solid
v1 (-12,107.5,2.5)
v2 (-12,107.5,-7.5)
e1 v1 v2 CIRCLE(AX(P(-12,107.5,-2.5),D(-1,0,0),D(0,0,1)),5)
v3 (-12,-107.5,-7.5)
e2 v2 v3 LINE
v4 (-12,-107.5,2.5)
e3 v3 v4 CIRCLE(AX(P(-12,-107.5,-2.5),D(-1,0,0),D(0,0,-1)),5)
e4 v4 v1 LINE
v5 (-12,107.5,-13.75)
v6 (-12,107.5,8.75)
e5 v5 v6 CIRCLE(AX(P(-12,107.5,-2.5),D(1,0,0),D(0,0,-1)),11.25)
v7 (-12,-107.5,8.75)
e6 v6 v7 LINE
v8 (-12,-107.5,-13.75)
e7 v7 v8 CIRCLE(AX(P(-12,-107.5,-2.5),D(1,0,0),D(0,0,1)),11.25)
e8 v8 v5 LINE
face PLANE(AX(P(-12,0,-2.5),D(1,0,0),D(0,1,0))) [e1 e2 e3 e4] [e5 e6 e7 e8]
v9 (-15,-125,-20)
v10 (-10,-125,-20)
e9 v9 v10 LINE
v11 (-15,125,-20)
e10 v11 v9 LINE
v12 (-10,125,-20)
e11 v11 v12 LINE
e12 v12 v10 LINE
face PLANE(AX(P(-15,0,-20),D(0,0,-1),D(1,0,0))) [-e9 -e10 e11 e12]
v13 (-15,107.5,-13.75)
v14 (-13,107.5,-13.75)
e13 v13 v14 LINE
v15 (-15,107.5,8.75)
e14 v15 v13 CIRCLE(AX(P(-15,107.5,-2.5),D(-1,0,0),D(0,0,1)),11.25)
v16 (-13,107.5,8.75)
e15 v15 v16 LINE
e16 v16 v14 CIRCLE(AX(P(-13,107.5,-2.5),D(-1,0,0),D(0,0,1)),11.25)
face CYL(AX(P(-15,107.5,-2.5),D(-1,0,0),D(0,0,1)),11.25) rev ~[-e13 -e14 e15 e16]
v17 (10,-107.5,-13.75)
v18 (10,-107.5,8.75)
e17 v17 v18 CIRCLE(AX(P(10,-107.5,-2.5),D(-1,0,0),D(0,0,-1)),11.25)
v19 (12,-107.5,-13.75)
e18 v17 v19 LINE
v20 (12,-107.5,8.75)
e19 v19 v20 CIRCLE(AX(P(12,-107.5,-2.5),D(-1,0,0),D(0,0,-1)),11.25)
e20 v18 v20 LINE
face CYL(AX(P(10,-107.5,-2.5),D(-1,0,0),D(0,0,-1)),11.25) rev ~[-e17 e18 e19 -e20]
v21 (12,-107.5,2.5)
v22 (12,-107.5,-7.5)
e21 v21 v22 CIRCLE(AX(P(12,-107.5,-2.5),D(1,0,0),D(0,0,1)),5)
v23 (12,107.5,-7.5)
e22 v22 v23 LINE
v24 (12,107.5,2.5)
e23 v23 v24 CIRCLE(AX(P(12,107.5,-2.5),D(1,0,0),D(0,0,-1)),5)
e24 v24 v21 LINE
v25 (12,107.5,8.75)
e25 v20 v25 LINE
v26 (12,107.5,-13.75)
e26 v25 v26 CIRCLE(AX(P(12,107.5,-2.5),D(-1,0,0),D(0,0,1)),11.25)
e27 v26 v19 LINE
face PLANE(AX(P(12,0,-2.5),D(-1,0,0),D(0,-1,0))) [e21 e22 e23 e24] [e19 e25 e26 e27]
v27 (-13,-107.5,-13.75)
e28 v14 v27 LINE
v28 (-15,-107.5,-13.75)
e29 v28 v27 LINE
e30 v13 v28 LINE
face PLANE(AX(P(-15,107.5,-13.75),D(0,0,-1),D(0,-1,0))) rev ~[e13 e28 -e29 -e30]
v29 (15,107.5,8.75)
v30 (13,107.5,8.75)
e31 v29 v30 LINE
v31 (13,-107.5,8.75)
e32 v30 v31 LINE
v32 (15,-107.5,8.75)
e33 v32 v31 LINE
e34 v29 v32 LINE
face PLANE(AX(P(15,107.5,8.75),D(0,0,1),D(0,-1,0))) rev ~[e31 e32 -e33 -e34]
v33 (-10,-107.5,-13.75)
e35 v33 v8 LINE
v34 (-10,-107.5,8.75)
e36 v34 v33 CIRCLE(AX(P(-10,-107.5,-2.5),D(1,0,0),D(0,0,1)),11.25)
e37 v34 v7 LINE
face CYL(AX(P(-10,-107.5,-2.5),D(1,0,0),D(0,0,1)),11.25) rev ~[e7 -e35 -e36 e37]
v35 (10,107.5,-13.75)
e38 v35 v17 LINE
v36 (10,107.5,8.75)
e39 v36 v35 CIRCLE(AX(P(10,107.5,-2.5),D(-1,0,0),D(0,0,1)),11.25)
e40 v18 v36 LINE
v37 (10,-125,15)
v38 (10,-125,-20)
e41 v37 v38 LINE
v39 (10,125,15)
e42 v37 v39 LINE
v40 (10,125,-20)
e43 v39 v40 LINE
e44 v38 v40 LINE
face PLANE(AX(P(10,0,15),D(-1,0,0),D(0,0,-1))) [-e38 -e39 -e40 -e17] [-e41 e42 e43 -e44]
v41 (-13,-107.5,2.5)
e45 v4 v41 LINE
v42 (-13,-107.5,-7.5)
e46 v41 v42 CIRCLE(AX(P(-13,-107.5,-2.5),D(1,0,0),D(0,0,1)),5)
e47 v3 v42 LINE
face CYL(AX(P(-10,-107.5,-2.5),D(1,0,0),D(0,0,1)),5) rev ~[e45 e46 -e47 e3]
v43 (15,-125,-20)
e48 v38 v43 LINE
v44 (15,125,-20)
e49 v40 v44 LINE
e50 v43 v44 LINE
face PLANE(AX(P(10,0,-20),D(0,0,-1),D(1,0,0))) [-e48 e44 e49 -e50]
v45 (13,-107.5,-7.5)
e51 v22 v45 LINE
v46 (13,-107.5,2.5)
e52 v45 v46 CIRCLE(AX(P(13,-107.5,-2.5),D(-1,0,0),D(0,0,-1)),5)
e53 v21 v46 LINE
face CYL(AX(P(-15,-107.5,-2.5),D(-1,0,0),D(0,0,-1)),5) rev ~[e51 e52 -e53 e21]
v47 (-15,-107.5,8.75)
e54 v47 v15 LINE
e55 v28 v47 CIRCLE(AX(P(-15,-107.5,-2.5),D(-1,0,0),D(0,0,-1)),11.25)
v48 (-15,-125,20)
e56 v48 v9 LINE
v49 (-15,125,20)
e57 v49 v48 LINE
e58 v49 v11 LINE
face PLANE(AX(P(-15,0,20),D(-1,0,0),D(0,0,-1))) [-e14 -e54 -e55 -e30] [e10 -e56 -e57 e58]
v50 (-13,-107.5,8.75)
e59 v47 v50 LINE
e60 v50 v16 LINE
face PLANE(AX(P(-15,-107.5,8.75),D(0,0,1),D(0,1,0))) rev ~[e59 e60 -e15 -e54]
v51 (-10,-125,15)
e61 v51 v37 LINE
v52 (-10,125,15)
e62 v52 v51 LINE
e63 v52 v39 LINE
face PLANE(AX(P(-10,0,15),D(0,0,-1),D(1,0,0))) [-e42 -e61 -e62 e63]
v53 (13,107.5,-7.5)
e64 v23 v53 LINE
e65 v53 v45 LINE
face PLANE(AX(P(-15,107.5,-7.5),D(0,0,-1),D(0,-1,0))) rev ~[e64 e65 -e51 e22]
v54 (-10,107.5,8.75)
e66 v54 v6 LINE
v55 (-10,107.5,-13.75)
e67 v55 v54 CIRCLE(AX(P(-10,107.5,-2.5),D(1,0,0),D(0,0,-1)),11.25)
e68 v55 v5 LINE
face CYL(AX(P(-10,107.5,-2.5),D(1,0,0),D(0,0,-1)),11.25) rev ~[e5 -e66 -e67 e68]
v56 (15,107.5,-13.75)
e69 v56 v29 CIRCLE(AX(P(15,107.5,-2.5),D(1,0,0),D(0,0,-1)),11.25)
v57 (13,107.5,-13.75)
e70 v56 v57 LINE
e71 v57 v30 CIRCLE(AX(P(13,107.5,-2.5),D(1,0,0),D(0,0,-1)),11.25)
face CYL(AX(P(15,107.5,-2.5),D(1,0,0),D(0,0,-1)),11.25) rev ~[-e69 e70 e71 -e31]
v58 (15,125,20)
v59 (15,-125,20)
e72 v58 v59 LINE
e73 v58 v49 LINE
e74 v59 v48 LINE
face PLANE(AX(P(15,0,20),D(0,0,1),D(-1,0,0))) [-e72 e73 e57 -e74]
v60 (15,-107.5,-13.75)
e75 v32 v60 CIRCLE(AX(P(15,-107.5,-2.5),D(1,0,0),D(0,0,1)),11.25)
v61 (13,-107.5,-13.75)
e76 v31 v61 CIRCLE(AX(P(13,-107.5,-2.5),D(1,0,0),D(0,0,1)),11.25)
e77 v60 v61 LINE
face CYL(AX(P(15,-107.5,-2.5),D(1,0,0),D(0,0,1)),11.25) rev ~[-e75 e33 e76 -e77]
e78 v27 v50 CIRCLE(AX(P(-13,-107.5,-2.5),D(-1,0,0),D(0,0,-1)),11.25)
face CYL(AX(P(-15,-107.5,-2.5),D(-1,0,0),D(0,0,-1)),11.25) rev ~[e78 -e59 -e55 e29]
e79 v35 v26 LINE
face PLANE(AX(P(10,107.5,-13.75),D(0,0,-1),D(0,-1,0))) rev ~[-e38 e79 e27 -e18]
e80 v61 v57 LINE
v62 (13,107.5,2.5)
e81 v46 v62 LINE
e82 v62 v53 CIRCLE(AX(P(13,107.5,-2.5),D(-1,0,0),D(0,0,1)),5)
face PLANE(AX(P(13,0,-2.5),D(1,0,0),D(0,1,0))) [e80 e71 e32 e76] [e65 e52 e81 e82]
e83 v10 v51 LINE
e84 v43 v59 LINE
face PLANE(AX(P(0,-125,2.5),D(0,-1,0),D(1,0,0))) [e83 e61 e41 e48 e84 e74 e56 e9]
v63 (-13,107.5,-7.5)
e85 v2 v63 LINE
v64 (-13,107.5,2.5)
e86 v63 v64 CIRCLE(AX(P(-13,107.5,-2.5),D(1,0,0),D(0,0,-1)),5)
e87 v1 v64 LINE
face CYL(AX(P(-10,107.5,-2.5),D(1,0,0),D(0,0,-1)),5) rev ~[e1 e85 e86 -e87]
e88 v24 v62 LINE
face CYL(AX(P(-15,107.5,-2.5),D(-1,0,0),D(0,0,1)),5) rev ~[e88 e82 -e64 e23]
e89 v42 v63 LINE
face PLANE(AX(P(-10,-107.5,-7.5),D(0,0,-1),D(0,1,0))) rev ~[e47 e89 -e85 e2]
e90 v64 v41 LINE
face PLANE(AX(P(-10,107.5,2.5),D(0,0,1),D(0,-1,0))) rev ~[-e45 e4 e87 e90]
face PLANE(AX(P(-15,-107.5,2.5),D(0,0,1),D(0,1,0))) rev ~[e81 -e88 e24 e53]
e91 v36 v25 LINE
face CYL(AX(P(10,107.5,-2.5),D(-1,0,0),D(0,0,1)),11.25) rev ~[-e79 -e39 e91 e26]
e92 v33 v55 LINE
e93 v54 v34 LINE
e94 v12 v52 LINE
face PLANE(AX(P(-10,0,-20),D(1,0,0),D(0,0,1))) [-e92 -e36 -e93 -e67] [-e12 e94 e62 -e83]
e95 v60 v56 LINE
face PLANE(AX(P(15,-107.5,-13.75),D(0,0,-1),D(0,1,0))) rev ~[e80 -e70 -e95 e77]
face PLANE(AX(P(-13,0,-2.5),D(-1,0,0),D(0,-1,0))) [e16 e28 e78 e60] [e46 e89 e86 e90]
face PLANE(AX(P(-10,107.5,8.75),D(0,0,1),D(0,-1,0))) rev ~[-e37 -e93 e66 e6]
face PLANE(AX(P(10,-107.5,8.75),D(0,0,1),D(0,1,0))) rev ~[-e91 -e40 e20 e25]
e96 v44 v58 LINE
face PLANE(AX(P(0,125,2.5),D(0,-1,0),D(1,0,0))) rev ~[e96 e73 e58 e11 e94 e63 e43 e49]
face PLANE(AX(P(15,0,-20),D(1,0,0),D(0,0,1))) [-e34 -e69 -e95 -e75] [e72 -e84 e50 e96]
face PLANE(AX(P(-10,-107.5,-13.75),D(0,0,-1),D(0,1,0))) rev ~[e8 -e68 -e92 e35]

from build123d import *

# Parameters (mm, degrees)
F1_DEPTH      = 125
F1_DEPTH_BACK = 125
F6_DEPTH      = 5.001
F7_DEPTH      = 30.001
F8_DEPTH      = 2
F9_DEPTH      = 2
F10_DEPTH     = 2
F11_DEPTH     = 2


with BuildPart() as f1:
    # F0 (on Front) → F1 (new body, two sides)
    with BuildSketch(Plane.XZ) as f1_sk:
        Polygon((15, -20), (15, 20), (-15, 20), (-15, -20), (-10, -20), (-10, 15), (10, 15), (10, -20), align=None)
    extrude(amount=F1_DEPTH)
    extrude(f1_sk.sketch, amount=-F1_DEPTH_BACK)

    # F4 (on face) → F6 (cut, through all)
    with BuildSketch(Plane.YZ.offset(-10)):
        with BuildLine():
            Line((107.5, 2.5), (-107.5, 2.5))
            ThreePointArc((-107.5, 2.5), (-112.5, -2.5), (-107.5, -7.5))
            Line((-107.5, -7.5), (107.5, -7.5))
            ThreePointArc((107.5, -7.5), (112.5, -2.5), (107.5, 2.5))
        make_face()
    extrude(amount=-F6_DEPTH, mode=Mode.SUBTRACT)

    # F2 (on face) → F7 (cut, through all)
    with BuildSketch(Plane(origin=(-15, 0, 0), x_dir=(0, -1, 0), z_dir=(-1, 0, 0))):
        with BuildLine():
            Line((-107.5, -7.5), (107.5, -7.5))
            ThreePointArc((107.5, -7.5), (112.5, -2.5), (107.5, 2.5))
            Line((107.5, 2.5), (-107.5, 2.5))
            ThreePointArc((-107.5, 2.5), (-112.5, -2.5), (-107.5, -7.5))
        make_face()
    extrude(amount=-F7_DEPTH, mode=Mode.SUBTRACT)

    # F5 (on face) → F8 (cut)
    with BuildSketch(Plane(origin=(10, 0, 0), x_dir=(0, -1, 0), z_dir=(-1, 0, 0))):
        with BuildLine():
            Line((107.5, 8.75), (-107.5, 8.75))
            ThreePointArc((-107.5, 8.75), (-118.75, -2.5), (-107.5, -13.75))
            Line((-107.5, -13.75), (107.5, -13.75))
            ThreePointArc((107.5, -13.75), (118.75, -2.5), (107.5, 8.75))
        make_face()
        with BuildLine():
            ThreePointArc((-107.5, -7.5), (-112.5, -2.5), (-107.5, 2.5))
            Line((-107.5, 2.5), (107.5, 2.5))
            ThreePointArc((107.5, 2.5), (112.5, -2.5), (107.5, -7.5))
            Line((107.5, -7.5), (-107.5, -7.5))
        make_face(mode=Mode.SUBTRACT)
    extrude(amount=-F8_DEPTH, mode=Mode.SUBTRACT)

    # F4 (on face) → F9 (cut)
    with BuildSketch(Plane.YZ.offset(-10)):
        with BuildLine():
            Line((107.5, 8.75), (-107.5, 8.75))
            ThreePointArc((-107.5, 8.75), (-118.75, -2.5), (-107.5, -13.75))
            Line((-107.5, -13.75), (107.5, -13.75))
            ThreePointArc((107.5, -13.75), (118.75, -2.5), (107.5, 8.75))
        make_face()
        with BuildLine():
            ThreePointArc((-107.5, -7.5), (-112.5, -2.5), (-107.5, 2.5))
            Line((-107.5, 2.5), (107.5, 2.5))
            ThreePointArc((107.5, 2.5), (112.5, -2.5), (107.5, -7.5))
            Line((107.5, -7.5), (-107.5, -7.5))
        make_face(mode=Mode.SUBTRACT)
    extrude(amount=-F9_DEPTH, mode=Mode.SUBTRACT)

    # F3 (on face) → F10 (cut)
    with BuildSketch(Plane.YZ.offset(15)):
        with BuildLine():
            ThreePointArc((-107.5, 8.75), (-118.75, -2.5), (-107.5, -13.75))
            Line((-107.5, -13.75), (107.5, -13.75))
            ThreePointArc((107.5, -13.75), (118.75, -2.5), (107.5, 8.75))
            Line((107.5, 8.75), (-107.5, 8.75))
        make_face()
        with BuildLine():
            ThreePointArc((-107.5, -7.5), (-112.5, -2.5), (-107.5, 2.5))
            Line((-107.5, 2.5), (107.5, 2.5))
            ThreePointArc((107.5, 2.5), (112.5, -2.5), (107.5, -7.5))
            Line((107.5, -7.5), (-107.5, -7.5))
        make_face(mode=Mode.SUBTRACT)
    extrude(amount=-F10_DEPTH, mode=Mode.SUBTRACT)

    # F2 (on face) → F11 (cut)
    with BuildSketch(Plane(origin=(-15, 0, 0), x_dir=(0, -1, 0), z_dir=(-1, 0, 0))):
        with BuildLine():
            Line((-107.5, -13.75), (107.5, -13.75))
            ThreePointArc((107.5, -13.75), (118.75, -2.5), (107.5, 8.75))
            Line((107.5, 8.75), (-107.5, 8.75))
            ThreePointArc((-107.5, 8.75), (-118.75, -2.5), (-107.5, -13.75))
        make_face()
        with BuildLine():
            ThreePointArc((107.5, 2.5), (112.5, -2.5), (107.5, -7.5))
            Line((107.5, -7.5), (-107.5, -7.5))
            ThreePointArc((-107.5, -7.5), (-112.5, -2.5), (-107.5, 2.5))
            Line((-107.5, 2.5), (107.5, 2.5))
        make_face(mode=Mode.SUBTRACT)
    extrude(amount=-F11_DEPTH, mode=Mode.SUBTRACT)


solid = f1.part
